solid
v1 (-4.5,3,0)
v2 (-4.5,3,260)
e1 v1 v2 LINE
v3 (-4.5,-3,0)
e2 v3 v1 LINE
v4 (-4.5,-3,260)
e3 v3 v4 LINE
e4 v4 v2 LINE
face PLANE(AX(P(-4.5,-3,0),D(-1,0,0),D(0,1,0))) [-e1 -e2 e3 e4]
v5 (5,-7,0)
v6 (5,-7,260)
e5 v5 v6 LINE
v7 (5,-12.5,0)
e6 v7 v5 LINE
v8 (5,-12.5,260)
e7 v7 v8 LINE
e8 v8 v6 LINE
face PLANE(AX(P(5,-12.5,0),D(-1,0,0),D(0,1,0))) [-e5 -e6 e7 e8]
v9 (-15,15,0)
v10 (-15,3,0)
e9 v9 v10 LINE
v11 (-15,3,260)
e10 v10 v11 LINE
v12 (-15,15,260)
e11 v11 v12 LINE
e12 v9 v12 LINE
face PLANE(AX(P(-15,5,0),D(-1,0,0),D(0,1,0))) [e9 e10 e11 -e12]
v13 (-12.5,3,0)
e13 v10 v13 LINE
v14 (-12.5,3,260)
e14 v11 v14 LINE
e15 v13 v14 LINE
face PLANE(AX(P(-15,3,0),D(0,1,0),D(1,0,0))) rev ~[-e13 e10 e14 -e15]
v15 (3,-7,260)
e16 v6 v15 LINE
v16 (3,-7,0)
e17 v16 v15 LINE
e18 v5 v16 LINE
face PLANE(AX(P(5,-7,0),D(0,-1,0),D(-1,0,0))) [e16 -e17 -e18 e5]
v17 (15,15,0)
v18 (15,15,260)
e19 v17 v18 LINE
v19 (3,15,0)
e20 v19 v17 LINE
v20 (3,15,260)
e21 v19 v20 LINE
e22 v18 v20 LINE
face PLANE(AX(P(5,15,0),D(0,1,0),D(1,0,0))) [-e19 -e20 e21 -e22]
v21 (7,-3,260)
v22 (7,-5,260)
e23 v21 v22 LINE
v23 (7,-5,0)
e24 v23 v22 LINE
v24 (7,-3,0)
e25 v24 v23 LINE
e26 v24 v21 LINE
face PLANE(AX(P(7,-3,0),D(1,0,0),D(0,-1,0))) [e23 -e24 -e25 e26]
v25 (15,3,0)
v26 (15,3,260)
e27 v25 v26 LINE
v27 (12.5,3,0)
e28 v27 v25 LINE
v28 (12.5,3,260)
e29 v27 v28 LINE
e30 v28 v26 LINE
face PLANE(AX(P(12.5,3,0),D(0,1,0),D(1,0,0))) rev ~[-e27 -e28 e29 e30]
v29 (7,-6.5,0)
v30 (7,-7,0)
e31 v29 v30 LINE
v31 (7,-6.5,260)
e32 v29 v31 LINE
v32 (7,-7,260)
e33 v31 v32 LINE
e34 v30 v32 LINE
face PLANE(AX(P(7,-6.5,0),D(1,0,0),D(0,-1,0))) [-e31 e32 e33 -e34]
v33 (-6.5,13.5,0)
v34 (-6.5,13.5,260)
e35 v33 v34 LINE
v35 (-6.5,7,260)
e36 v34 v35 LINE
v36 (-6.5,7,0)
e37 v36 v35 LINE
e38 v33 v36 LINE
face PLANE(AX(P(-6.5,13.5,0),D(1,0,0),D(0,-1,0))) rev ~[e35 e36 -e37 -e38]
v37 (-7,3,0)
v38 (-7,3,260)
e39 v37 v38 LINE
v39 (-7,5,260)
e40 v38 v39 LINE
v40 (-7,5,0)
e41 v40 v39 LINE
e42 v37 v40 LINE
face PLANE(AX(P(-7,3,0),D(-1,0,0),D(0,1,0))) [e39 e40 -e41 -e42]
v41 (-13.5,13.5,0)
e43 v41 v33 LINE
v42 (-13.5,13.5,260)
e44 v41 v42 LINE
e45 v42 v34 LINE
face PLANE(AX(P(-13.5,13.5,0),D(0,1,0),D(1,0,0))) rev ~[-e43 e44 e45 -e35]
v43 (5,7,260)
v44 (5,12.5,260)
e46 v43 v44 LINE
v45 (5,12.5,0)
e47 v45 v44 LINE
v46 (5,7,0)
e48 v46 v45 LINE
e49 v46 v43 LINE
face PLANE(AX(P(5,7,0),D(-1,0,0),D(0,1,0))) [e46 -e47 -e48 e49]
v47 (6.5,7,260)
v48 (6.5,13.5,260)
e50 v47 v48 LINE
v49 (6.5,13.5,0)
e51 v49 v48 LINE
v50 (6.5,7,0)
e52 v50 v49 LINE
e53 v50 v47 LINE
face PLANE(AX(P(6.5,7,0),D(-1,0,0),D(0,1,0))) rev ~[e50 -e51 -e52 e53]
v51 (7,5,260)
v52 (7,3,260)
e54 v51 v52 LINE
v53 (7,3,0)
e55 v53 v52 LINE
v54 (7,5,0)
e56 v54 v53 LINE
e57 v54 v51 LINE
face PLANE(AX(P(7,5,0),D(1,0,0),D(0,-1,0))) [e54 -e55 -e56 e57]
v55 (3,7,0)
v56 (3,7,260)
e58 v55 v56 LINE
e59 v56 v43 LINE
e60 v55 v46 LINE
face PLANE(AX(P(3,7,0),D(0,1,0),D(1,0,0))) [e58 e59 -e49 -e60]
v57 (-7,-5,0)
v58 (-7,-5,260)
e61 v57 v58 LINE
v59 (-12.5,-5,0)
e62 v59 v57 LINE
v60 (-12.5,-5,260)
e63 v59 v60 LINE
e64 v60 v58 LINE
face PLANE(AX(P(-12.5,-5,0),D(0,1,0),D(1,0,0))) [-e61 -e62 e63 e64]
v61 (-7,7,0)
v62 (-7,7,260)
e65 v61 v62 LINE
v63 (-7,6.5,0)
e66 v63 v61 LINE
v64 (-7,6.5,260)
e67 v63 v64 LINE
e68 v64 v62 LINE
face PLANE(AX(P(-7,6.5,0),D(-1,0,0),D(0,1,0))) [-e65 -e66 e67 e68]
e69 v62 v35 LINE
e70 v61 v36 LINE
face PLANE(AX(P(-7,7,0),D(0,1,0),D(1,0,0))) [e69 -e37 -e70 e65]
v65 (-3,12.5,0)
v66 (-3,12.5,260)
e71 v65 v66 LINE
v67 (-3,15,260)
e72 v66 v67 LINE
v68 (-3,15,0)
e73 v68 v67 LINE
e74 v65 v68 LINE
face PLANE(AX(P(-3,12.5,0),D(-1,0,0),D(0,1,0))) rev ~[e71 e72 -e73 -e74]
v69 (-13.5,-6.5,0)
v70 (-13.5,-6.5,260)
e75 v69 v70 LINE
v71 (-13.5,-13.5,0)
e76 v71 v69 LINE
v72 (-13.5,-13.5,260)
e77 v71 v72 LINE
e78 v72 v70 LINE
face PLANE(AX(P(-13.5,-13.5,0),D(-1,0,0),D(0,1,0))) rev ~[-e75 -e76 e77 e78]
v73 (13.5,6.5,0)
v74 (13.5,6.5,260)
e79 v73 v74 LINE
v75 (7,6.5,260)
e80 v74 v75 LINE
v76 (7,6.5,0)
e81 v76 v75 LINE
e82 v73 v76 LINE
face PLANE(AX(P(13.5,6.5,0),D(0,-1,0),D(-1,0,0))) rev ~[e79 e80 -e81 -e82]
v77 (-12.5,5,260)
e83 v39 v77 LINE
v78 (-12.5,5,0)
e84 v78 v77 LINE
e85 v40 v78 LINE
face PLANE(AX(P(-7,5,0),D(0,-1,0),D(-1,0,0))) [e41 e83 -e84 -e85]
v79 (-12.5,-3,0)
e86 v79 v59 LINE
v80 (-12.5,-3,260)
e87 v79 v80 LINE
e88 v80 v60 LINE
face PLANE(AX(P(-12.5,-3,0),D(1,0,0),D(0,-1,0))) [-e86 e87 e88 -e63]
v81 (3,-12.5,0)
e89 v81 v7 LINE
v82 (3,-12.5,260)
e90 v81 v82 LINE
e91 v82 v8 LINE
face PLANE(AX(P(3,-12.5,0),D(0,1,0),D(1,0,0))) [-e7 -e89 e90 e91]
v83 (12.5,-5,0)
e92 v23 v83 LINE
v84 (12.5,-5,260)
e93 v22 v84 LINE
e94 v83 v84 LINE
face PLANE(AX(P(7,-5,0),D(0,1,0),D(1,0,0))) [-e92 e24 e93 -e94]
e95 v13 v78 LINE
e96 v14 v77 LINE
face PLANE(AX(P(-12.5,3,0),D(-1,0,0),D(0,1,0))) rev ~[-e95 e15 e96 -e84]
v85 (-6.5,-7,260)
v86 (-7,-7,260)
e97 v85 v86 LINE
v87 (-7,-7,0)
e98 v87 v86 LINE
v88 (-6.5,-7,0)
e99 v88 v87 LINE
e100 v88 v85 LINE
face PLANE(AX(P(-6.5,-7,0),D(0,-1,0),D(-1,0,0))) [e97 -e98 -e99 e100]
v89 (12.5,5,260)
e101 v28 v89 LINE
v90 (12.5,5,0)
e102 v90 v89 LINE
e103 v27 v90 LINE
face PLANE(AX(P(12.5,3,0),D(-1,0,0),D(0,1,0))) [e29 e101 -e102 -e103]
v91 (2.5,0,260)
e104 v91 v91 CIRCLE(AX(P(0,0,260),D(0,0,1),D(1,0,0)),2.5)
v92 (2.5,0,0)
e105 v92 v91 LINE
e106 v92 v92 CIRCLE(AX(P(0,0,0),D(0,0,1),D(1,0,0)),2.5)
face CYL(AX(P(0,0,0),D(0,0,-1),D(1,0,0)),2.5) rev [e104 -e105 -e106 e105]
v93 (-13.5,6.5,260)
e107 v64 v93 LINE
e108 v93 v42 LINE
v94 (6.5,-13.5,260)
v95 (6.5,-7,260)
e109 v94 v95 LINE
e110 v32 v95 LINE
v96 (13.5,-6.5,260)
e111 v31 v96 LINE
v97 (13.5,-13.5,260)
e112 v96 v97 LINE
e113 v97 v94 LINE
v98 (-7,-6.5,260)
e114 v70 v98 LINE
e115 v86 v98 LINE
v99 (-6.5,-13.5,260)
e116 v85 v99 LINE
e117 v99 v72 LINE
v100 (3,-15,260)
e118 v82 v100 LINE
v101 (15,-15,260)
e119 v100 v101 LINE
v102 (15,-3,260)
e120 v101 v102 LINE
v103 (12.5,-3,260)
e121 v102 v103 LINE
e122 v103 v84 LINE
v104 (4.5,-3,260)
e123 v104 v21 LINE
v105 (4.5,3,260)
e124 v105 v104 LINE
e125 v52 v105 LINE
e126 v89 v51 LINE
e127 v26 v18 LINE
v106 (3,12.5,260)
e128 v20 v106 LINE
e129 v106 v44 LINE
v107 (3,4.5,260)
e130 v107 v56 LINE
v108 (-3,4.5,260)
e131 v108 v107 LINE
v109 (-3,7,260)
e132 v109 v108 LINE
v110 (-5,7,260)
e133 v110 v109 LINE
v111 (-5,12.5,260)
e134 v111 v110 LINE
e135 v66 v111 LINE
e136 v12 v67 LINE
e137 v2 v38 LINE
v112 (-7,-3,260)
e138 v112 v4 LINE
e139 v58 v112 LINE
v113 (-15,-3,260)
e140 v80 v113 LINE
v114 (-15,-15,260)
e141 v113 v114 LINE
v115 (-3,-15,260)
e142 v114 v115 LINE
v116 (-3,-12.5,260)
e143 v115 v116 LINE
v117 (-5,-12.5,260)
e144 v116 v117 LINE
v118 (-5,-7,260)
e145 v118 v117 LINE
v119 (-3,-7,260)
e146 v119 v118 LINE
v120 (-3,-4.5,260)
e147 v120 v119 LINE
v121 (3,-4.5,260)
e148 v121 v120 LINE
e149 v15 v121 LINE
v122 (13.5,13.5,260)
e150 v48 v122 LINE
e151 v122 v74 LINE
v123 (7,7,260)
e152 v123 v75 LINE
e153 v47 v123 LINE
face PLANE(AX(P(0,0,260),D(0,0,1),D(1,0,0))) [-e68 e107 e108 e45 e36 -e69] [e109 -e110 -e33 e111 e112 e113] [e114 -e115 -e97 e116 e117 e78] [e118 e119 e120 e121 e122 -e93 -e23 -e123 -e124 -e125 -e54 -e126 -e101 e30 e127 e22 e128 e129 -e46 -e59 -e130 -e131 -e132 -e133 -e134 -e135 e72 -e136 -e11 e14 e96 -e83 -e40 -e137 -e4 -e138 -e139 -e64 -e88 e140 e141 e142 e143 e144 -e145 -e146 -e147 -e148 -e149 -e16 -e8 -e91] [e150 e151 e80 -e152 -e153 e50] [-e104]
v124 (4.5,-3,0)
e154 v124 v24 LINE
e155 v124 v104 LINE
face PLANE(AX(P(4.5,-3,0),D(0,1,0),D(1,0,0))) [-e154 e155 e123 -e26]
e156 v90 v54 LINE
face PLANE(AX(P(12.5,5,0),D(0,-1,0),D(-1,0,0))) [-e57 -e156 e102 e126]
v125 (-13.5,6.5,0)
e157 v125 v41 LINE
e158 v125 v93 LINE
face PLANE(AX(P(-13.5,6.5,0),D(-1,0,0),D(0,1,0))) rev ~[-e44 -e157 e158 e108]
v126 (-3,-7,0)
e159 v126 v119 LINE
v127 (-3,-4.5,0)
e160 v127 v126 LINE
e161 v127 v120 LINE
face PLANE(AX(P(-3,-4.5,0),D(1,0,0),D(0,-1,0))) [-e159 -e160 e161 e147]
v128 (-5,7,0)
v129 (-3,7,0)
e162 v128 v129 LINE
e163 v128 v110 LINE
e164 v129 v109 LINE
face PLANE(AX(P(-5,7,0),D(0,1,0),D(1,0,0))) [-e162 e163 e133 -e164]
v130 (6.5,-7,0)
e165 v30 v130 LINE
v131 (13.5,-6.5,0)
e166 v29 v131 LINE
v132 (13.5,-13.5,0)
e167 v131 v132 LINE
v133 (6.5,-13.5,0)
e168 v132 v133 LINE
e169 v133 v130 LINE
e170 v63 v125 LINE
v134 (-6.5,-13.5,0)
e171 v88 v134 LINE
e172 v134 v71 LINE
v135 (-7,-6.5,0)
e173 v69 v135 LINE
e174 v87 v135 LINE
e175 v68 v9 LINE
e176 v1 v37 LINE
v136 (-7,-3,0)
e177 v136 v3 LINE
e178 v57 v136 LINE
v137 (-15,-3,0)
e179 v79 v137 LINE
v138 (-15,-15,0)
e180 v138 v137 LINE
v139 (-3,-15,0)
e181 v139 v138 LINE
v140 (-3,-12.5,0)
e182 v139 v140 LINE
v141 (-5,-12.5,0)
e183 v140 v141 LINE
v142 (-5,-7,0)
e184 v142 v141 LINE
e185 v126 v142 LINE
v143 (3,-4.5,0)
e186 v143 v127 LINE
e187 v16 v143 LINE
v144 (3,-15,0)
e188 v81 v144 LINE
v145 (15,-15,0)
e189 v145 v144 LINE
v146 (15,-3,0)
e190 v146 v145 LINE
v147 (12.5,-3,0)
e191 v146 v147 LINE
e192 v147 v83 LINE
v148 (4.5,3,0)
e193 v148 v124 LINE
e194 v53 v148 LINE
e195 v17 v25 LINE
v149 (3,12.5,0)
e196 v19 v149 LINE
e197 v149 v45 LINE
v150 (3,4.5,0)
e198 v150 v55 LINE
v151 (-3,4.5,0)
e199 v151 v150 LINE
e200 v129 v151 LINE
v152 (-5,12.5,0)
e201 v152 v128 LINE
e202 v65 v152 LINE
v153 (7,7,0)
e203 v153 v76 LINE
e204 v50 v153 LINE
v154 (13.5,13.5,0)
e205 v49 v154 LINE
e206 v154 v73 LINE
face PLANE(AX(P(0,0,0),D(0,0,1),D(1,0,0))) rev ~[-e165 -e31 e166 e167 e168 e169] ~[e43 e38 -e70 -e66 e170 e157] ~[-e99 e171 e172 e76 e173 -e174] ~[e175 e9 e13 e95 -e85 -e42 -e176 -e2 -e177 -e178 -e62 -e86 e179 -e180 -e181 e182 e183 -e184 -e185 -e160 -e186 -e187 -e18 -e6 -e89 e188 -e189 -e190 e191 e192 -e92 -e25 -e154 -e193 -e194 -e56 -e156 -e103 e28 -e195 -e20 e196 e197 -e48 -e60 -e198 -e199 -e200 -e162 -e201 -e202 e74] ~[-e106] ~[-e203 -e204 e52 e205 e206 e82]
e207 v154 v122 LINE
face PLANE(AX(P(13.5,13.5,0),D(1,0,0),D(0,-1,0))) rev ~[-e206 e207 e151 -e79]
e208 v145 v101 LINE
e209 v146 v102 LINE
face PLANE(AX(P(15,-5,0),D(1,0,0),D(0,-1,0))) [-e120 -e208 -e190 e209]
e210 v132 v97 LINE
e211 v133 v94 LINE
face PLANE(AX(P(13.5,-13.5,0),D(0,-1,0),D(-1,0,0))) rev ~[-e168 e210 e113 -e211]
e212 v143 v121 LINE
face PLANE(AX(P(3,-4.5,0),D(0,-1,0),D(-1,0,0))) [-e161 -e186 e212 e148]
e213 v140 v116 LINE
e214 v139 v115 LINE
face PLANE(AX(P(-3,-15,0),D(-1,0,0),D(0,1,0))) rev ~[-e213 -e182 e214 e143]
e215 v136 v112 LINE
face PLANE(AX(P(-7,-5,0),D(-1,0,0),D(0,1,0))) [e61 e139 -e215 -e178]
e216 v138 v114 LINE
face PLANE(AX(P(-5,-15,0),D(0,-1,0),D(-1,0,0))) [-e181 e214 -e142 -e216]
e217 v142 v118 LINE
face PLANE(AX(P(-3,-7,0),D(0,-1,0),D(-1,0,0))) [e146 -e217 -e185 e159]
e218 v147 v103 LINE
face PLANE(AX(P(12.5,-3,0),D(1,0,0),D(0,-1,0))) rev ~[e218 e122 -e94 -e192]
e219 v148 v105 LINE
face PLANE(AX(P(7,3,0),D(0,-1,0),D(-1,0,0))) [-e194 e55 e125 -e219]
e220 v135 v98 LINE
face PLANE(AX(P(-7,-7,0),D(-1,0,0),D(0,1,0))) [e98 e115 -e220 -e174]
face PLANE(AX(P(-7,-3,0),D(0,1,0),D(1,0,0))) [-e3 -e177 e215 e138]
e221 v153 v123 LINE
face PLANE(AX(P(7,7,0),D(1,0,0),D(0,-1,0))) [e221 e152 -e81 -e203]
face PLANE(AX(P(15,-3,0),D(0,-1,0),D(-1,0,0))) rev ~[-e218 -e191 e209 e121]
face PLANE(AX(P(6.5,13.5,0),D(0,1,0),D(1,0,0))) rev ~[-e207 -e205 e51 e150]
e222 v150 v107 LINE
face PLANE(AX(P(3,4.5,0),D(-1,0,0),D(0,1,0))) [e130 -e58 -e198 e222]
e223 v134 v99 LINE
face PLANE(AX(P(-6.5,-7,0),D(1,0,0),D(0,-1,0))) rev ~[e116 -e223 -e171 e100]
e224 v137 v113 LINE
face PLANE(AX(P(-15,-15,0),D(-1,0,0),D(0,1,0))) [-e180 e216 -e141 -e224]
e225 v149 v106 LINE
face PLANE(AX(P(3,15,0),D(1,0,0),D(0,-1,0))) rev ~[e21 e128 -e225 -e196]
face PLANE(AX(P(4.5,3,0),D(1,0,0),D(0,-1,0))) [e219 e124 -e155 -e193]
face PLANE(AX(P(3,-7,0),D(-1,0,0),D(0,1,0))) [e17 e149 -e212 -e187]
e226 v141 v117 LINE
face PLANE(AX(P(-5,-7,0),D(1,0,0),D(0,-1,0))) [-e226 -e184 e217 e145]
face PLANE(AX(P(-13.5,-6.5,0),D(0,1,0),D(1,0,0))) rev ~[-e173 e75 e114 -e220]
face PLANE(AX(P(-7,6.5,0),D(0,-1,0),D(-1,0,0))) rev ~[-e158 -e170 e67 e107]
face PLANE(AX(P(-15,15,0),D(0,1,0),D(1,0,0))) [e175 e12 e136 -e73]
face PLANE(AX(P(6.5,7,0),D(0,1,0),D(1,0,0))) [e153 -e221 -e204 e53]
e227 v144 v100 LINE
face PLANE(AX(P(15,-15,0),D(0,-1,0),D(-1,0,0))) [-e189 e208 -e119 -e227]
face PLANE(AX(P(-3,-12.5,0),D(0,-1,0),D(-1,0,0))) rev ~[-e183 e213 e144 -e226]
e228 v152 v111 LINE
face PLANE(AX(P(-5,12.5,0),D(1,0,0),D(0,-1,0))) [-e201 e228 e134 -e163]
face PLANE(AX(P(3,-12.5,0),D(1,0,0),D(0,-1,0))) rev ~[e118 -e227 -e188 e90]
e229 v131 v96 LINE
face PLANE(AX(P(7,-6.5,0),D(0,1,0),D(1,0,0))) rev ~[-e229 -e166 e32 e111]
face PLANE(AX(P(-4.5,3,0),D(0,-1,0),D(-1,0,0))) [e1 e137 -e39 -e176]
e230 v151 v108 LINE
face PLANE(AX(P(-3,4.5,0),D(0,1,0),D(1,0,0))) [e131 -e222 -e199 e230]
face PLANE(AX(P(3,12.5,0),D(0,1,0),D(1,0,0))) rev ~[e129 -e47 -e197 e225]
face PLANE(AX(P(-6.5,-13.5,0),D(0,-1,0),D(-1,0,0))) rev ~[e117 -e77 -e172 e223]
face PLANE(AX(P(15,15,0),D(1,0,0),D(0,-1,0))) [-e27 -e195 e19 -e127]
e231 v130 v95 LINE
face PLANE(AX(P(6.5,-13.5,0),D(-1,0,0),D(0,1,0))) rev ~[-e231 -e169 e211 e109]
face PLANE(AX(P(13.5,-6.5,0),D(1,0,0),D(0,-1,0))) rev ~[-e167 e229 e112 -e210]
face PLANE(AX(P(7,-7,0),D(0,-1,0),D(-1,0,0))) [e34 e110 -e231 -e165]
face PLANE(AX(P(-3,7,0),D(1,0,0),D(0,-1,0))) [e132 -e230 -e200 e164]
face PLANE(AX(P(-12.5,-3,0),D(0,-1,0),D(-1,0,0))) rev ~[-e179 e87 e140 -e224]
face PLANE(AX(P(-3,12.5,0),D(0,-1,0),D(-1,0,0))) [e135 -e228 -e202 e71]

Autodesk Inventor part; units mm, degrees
ref_plane "YZ Plane" through (0, 0, 0) normal (1, 0, 0) x (0, 1, 0)
ref_plane "XZ Plane" through (0, 0, 0) normal (0, 1, 0) x (-1, 0, 0)
ref_plane "XY Plane" through (0, 0, 0) normal (0, 0, 1) x (1, 0, 0)
sketch "スケッチ1" plane through (0, 0, 0) normal (0, 0, 1) x (1, 0, 0)
  circle A0 centre (0, 0) radius 2.5
  line L0 (-15, 15) -> (15, 15)
  line L1 (15, 15) -> (15, -15)
  line L2 (15, -15) -> (-15, -15)
  line L3 (-15, -15) -> (-15, 15)
  line L4 (-15, 15) -> (15, -15) construction
  line L5 (15, 15) -> (-15, -15) construction
  line L6 (-3, 17.5) -> (3, 17.5)
  line L7 (3, 17.5) -> (3, 12.5)
  line L8 (3, 12.5) -> (-3, 12.5) construction
  line L9 (-3, 12.5) -> (-3, 17.5)
  line L10 (-3, 17.5) -> (3, 12.5) construction
  line L11 (3, 17.5) -> (-3, 12.5) construction
  line L12 (4.5, -4.5) -> (-4.5, -4.5)
  line L13 (-4.5, -4.5) -> (-4.5, 4.5)
  line L14 (-4.5, 4.5) -> (4.5, 4.5)
  line L15 (4.5, 4.5) -> (4.5, -4.5)
  line L16 (4.5, -4.5) -> (-4.5, 4.5) construction
  line L17 (-4.5, -4.5) -> (4.5, 4.5) construction
  line L18 (-7, 7) -> (7, 7)
  line L19 (7, 7) -> (7, -7)
  line L20 (7, -7) -> (-7, -7)
  line L21 (-7, -7) -> (-7, 7)
  line L22 (-7, 7) -> (7, -7) construction
  line L23 (7, 7) -> (-7, -7) construction
  line L24 (-7, 7) -> (-3, 7)
  line L25 (-3, 7) -> (-3, 3)
  line L26 (-3, 3) -> (-7, 3)
  line L27 (-7, 3) -> (-7, 7)
  line L28 (-7, -3) -> (-3, -3)
  line L29 (-3, -3) -> (-3, -7)
  line L30 (3, -7) -> (3, -3)
  line L31 (3, -3) -> (7, -3)
  line L32 (7, 3) -> (3, 3)
  line L33 (3, 3) -> (3, 7)
  line L34 (-15, 15) -> (-5, 15)
  line L35 (-5, 15) -> (-5, 5)
  line L36 (-5, 5) -> (-15, 5)
  line L37 (-15, 5) -> (-15, 15)
  line L38 (-15, -5) -> (-5, -5)
  line L39 (-5, -5) -> (-5, -15)
  line L40 (5, -15) -> (5, -5)
  line L41 (5, -5) -> (15, -5)
  line L42 (15, 5) -> (5, 5)
  line L43 (5, 5) -> (5, 15)
  line L44 (-3, 12.5) -> (-5, 12.5)
  line L45 (3, 12.5) -> (5, 12.5)
  line L46 (-12.5, -3) -> (-12.5, -5)
  line L47 (-12.5, -3) -> (-17.5, -3)
  line L48 (-17.5, 3) -> (-12.5, 3)
  line L49 (-12.5, 3) -> (-12.5, 5)
  line L50 (3, -12.5) -> (5, -12.5)
  line L51 (3, -12.5) -> (3, -17.5)
  line L52 (-3, -17.5) -> (-3, -12.5)
  line L53 (-3, -12.5) -> (-5, -12.5)
  line L54 (12.5, 3) -> (12.5, 5)
  line L55 (12.5, 3) -> (17.5, 3)
  line L56 (17.5, -3) -> (12.5, -3)
  line L57 (12.5, -3) -> (12.5, -5)
  line L58 (-13.5, 13.5) -> (-6.5, 13.5)
  line L59 (-6.5, 13.5) -> (-6.5, 6.5)
  line L60 (-6.5, 6.5) -> (-13.5, 6.5)
  line L61 (-13.5, 6.5) -> (-13.5, 13.5)
  point P0 (0, 15)
  point P1 (-7, 5)
  point P2 (-4.5, 3)
  point P3 (-4.5, -3)
  point P4 (-7, -5)
  point P5 (-15, -3)
  point P6 (-3, -15)
  point P7 (-5, -7)
  point P8 (-3, -4.5)
  point P9 (3, -4.5)
  point P10 (5, -7)
  point P11 (3, -15)
  point P12 (15, -3)
  point P13 (7, -5)
  point P14 (4.5, -3)
  point P15 (4.5, 3)
  point P16 (7, 5)
  point P17 (15, 3)
  point P18 (3, 15)
  point P19 (5, 7)
  point P20 (3, 4.5)
  point P21 (-3, 4.5)
  point P22 (-5, 7)
  point P23 (-3, 15)
  point P24 (-15, 3)
  point P25 (-7, 6.5)
  point P26 (-6.5, 7)
  dimension "d0" = 5
  dimension "d1" = 30
  dimension "d2" = 30
  dimension "d3" = 6
  dimension "d4" = 5
  dimension "d5" = 9
  dimension "d6" = 9
  dimension "d7" = 14
  dimension "d8" = 14
  dimension "d9" = 4
  dimension "d10" = 4
  dimension "d13" = 360
  dimension "d15" = 10
  dimension "d16" = 10
  dimension "d19" = 360
  dimension "d23" = 360
  dimension "d27" = 1.5
  dimension "d28" = 7
extrude "押し出し1" add sketch "スケッチ1" along normal blind 260 contours L0 L35 L18 L59 L58 L61 L60 L21 L36 L3 | L0 L9 L44 L35 | L36 L49 L48 L3 | L0 L43 L45 L7 | L35 L36 L21 L60 L59 L18 | L18 L25 L14 L13 L26 L21 L36 L35 | L47 L46 L38 L3 | L0 L1 L42 L19 L18 L43 | L59 L60 L21 L18 | L18 L21 L60 L61 L58 L59 | L38 L21 L20 L39 L2 L3 | L18 L43 L42 L19 L32 L15 L14 L33 | L25 L26 L13 L14 | L14 L33 L32 L15 L31 L30 L12 L29 L28 L13 L26 L25 | L28 L13 L12 L29 L20 L39 L38 L21 | L1 L55 L54 L42 | L18 L19 L42 L43 | L14 L15 L32 L33 | L39 L53 L52 L2 | L38 L39 L20 L21 | L28 L29 L12 L13 | L1 L41 L57 L56 | L51 L50 L40 L2 | L1 L2 L40 L20 L19 L41 | L31 L19 L41 L40 L20 L30 L12 L15 | L15 L12 L30 L31 | L19 L20 L40 L41
extrude "押し出し2" cut sketch "スケッチ1" along normal blind 260 contours L18 L21 L60 L61 L58 L59
pattern_circular "円形状パターン1" count 4 over 360 about axis through (0, 0, 0) along (0, 0, 1) of "押し出し2"
properties part number "baicPart" material "アルミニウム"
